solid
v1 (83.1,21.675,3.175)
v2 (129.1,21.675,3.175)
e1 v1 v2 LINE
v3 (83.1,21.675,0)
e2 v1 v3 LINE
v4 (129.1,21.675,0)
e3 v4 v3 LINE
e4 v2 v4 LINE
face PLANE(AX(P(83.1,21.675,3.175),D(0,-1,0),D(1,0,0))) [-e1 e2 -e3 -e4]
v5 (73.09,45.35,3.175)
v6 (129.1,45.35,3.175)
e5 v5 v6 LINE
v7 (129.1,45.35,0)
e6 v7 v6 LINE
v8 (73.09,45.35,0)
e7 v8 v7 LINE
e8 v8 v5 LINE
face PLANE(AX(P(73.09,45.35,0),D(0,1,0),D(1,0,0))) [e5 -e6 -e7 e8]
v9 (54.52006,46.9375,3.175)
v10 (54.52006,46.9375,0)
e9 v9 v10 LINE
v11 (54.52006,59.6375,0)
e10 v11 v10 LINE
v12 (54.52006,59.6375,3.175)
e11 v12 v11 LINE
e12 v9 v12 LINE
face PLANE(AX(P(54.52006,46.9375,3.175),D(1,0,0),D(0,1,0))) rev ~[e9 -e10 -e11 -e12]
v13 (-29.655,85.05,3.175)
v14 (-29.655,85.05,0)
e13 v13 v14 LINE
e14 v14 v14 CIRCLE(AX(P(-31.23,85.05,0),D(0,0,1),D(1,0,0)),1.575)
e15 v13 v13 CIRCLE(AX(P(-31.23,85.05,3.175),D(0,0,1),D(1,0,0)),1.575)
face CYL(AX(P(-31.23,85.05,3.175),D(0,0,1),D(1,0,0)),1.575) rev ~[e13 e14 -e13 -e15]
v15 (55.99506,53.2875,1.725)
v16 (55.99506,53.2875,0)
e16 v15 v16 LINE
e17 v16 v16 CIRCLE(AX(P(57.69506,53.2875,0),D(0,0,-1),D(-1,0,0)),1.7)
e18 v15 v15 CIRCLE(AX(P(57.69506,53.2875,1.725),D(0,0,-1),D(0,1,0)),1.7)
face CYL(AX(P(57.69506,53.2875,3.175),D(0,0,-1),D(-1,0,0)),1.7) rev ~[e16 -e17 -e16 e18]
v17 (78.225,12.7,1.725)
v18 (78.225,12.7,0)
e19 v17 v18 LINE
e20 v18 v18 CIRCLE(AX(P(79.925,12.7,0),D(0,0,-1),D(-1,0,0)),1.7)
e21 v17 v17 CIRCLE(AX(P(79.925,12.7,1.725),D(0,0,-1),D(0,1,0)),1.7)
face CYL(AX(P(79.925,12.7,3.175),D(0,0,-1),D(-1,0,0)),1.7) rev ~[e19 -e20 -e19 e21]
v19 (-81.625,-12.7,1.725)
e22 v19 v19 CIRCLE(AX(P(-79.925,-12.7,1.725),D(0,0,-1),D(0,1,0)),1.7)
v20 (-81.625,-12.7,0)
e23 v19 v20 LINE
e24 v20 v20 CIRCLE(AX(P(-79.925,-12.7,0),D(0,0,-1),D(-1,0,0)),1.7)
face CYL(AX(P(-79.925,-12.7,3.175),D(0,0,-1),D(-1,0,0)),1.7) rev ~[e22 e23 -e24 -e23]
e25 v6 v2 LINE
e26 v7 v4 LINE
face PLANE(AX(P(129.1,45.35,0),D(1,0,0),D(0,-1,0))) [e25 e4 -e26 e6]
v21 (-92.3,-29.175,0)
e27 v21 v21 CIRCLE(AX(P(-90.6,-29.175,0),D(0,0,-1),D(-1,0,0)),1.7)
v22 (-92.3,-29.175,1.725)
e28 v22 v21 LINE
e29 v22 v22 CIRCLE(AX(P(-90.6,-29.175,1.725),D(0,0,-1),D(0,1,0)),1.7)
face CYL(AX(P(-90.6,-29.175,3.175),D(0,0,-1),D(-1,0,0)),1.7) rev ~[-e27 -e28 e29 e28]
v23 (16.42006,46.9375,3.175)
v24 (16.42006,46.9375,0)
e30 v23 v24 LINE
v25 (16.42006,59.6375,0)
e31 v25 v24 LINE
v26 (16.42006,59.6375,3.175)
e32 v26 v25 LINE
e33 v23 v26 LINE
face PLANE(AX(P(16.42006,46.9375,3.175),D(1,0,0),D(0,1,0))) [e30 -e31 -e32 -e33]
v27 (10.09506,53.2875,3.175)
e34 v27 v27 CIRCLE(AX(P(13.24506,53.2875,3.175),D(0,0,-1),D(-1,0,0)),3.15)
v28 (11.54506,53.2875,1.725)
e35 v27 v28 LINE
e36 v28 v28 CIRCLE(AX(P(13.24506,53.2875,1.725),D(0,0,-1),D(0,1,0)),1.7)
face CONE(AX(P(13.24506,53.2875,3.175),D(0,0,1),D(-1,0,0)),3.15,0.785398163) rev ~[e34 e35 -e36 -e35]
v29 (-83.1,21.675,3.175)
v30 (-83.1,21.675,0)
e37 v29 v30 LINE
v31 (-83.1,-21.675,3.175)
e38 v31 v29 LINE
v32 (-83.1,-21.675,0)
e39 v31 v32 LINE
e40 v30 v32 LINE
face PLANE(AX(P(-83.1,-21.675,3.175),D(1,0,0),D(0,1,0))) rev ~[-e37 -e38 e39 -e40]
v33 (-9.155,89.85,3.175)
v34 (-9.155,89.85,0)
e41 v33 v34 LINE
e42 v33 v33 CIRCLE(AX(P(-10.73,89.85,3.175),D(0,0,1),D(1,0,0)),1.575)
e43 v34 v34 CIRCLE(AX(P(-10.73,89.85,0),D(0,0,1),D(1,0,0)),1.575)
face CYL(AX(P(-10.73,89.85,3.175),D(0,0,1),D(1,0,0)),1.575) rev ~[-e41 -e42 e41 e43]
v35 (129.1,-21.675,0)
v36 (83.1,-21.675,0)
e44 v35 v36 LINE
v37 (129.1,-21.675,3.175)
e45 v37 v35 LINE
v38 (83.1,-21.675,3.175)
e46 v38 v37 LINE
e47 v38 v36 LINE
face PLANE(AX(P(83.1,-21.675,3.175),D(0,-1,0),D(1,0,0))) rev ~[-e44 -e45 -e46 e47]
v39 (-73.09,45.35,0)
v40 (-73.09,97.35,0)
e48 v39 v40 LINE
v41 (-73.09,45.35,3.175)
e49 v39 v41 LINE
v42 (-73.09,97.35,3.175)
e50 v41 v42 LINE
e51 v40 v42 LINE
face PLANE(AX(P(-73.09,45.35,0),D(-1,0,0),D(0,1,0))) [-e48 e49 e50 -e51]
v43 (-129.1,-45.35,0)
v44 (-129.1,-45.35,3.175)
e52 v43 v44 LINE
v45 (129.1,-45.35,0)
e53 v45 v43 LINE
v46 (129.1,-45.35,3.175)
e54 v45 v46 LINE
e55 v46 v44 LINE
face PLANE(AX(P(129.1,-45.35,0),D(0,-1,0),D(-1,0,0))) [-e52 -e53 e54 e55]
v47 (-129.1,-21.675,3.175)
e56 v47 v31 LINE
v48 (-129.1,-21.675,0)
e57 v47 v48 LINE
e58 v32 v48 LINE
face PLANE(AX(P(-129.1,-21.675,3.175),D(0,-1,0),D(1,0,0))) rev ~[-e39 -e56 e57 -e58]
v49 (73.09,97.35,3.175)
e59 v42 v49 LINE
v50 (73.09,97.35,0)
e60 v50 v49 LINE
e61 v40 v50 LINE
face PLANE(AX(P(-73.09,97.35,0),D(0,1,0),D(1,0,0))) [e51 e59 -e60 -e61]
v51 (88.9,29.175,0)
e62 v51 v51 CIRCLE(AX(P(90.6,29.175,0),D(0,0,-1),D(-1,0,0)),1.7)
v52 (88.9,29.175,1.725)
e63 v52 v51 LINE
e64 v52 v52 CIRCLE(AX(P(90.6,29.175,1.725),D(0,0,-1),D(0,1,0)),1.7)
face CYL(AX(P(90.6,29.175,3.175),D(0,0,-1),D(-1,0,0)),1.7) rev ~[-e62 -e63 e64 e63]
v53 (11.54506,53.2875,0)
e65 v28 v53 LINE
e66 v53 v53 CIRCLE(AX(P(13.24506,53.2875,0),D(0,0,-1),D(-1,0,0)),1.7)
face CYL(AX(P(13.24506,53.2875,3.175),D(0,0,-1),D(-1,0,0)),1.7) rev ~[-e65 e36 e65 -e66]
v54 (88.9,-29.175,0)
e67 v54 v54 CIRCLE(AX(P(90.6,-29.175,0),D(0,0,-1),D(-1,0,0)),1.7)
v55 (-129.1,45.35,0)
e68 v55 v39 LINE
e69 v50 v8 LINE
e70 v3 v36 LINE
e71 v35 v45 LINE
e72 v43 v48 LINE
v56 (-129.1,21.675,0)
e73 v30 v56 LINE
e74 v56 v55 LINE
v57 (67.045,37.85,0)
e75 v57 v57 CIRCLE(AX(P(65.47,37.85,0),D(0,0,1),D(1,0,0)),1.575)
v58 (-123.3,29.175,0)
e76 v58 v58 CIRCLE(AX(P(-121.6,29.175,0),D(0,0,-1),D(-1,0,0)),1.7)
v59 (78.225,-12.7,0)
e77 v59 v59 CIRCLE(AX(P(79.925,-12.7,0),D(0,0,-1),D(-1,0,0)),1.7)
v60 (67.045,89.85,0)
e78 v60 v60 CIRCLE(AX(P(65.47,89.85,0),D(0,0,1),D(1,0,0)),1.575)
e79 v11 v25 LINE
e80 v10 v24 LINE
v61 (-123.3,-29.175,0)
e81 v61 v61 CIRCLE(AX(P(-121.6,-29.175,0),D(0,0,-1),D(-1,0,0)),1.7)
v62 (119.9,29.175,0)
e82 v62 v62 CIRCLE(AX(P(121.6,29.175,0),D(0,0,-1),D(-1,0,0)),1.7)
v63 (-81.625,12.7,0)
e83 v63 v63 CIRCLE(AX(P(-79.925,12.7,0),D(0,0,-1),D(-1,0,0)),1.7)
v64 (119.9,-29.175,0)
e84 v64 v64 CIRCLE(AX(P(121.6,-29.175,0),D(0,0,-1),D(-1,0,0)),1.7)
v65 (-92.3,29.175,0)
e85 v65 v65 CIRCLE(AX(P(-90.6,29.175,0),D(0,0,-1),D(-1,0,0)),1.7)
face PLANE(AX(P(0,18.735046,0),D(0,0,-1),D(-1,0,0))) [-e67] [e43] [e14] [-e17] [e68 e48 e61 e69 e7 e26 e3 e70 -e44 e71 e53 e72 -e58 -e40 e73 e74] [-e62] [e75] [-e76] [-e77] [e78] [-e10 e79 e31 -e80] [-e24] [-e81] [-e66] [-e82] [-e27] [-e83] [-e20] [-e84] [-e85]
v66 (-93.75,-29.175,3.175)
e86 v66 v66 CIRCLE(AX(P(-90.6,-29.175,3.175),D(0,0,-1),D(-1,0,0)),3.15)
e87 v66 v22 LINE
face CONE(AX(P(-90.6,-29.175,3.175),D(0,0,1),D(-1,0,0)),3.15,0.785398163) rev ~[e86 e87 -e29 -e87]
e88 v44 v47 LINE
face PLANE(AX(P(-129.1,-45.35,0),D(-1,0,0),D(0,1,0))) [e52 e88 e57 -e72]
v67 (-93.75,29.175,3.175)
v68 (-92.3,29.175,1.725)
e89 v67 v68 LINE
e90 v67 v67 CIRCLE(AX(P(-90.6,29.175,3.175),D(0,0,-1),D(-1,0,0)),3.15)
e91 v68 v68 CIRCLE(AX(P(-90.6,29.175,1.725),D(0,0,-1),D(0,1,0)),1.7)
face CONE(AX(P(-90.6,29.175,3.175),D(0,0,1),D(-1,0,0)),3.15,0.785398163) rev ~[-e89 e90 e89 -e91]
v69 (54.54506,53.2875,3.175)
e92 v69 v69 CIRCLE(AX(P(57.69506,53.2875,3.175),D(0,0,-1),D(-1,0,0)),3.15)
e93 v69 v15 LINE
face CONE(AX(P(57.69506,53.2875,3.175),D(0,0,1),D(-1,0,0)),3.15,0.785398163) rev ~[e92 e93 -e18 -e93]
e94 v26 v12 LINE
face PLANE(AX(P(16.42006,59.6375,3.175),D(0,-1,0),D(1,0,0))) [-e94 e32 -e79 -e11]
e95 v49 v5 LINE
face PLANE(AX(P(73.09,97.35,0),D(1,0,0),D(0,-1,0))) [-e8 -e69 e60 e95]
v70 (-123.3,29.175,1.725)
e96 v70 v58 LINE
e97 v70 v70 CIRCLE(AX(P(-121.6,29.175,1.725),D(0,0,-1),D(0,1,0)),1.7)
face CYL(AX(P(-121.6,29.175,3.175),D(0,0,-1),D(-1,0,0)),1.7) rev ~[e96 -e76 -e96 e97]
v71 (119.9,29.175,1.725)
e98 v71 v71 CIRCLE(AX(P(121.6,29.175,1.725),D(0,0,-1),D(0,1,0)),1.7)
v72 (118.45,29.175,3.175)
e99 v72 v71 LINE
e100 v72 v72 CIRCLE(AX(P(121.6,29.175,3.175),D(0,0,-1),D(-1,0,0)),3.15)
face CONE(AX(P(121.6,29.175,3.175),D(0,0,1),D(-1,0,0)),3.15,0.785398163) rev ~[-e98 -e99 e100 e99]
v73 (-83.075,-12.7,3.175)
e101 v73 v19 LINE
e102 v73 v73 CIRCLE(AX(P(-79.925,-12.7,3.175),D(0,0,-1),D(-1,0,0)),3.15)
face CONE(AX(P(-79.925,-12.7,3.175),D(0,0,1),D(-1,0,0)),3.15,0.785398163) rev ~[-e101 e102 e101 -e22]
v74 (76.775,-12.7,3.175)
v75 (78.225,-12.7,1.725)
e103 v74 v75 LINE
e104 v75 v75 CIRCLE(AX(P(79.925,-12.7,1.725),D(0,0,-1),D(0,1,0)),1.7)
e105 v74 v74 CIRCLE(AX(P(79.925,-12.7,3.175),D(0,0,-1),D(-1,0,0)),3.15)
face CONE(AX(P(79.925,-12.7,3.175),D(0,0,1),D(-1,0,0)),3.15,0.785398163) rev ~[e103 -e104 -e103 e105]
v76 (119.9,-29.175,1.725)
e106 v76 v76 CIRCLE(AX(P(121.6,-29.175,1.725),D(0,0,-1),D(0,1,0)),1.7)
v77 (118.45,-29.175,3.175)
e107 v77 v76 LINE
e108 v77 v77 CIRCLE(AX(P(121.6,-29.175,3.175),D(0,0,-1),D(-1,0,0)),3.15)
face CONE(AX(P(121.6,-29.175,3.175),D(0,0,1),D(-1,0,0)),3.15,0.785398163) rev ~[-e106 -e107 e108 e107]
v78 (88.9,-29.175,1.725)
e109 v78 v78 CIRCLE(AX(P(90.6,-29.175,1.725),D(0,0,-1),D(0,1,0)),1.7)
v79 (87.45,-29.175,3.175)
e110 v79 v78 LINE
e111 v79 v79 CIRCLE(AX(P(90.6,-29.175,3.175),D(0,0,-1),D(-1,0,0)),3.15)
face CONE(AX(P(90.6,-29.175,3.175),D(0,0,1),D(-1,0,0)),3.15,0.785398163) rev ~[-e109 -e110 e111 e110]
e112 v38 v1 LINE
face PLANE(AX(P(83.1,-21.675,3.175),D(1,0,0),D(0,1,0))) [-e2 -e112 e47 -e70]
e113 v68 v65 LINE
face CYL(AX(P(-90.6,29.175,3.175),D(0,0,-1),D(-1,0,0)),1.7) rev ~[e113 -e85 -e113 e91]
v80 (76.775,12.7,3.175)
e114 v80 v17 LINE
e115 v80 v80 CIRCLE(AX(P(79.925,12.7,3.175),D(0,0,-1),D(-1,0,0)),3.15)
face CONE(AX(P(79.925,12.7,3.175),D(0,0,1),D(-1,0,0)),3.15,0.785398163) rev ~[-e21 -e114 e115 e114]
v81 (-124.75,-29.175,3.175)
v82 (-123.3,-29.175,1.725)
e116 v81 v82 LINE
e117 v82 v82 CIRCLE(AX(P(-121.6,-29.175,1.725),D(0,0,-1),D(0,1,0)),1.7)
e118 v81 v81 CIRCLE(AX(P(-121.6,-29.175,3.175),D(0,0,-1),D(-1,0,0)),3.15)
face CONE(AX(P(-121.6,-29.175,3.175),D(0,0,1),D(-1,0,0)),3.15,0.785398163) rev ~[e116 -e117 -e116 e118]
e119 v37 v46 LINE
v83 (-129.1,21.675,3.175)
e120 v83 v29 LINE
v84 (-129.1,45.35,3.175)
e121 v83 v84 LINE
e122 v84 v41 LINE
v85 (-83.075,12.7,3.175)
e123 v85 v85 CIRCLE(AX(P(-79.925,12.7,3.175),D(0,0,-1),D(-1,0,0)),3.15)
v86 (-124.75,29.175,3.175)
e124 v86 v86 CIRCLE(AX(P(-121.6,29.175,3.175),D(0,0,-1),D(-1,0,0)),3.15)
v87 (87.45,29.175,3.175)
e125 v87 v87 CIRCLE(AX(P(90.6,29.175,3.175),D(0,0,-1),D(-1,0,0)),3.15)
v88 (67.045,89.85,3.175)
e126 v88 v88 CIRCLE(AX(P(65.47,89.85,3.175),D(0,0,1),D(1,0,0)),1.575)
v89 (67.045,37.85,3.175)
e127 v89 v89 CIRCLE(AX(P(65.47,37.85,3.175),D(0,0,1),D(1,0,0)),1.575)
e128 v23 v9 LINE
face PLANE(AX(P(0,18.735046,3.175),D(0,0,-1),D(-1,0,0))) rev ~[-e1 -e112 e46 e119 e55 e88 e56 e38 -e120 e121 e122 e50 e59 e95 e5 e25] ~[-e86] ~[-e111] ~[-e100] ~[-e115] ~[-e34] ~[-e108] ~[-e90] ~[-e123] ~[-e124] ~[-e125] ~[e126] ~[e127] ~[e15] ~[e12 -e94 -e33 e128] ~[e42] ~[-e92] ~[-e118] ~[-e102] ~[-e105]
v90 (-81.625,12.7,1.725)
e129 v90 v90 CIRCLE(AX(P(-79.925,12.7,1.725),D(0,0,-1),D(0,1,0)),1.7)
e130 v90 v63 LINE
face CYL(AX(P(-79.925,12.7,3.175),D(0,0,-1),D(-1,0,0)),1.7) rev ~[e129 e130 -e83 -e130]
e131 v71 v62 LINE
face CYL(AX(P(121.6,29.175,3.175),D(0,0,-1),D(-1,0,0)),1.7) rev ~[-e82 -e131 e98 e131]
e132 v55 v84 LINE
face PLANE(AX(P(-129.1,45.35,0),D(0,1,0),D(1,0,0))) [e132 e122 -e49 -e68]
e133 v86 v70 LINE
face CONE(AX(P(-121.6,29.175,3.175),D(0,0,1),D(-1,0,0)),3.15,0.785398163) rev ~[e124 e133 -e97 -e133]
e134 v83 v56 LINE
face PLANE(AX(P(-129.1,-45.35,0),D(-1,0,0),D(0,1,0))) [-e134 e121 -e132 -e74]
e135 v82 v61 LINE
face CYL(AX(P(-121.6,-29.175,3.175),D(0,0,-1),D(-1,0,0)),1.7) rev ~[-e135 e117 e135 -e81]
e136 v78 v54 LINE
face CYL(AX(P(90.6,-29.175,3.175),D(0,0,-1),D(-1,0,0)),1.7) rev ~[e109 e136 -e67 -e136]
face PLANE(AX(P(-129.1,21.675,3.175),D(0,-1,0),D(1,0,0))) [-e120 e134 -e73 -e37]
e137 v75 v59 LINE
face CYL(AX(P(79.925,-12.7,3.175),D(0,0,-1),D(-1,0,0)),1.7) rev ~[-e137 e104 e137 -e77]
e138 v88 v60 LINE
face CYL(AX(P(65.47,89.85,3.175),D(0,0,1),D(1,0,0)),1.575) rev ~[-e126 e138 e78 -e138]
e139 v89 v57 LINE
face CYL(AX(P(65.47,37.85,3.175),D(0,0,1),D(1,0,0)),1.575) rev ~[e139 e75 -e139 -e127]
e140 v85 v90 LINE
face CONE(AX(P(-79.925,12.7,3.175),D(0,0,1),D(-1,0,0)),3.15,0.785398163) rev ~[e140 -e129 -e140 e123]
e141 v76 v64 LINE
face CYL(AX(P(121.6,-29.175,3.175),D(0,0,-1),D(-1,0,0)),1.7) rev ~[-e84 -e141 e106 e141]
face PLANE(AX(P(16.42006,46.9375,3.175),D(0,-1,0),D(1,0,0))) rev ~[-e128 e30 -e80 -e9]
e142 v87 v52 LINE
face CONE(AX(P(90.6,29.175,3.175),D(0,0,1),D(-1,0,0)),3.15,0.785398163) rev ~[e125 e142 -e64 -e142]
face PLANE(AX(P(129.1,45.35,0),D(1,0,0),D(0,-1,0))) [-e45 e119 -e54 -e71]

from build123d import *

# Parameters (mm, degrees)
PROFILE_EXTRUDE_DEPTH                           = 3.175
CSK_FOR_M3_FLAT_HEAD_MACHINE_SCREW1_D           = 3.4
CSK_FOR_M3_FLAT_HEAD_MACHINE_SCREW1_CSINK_D     = 6.3
CSK_FOR_M3_FLAT_HEAD_MACHINE_SCREW1_CSINK_ANGLE = 90
FILM_FEEDER_CLEARANCE_SKETCH_W                  = 46
FILM_FEEDER_CLEARANCE_SKETCH_H                  = 43.35
FILM_FEEDER_CLEARANCE_CUT_DEPTH                 = 4.175
GANTRY_MOUNTING_HOLE_SKETCH_R                   = 1.575
GANTRY_MOUNTING_HOLE_CUT_DEPTH                  = 4.175
ERASER_MOUNTING_HOLE_SKETCH_R                   = 1.575
ERASER_MOUNTING_HOLE_CUT_DEPTH                  = 4.175
FILM_FRICTION_GUIDE_MOUNTING_HOLES_D            = 3.4
FILM_FRICTION_GUIDE_MOUNTING_HOLES_CSINK_D      = 6.3
FILM_FRICTION_GUIDE_MOUNTING_HOLES_CSINK_ANGLE  = 90
BELT_PASSAGEWAY_SKETCH_W                        = 38.1
BELT_PASSAGEWAY_SKETCH_H                        = 12.7
BELT_PASSAGEWAY_CUT_DEPTH                       = 4.175
CSK_FOR_M3_FLAT_HEAD_MACHINE_SCREW3_D           = 3.4
CSK_FOR_M3_FLAT_HEAD_MACHINE_SCREW3_CSINK_D     = 6.3
CSK_FOR_M3_FLAT_HEAD_MACHINE_SCREW3_CSINK_ANGLE = 90


with BuildPart() as part:
    # Profile Sketch → Profile Extrude (new body)
    with BuildSketch(Plane.XY):
        Polygon((73.090000006, 45.35), (129.1, 45.35), (129.1, -45.35), (-129.1, -45.35), (-129.1, 45.35), (-73.090000006, 45.35), (-73.090000006, 97.350000154), (73.090000006, 97.350000154), align=None)
    extrude(amount=PROFILE_EXTRUDE_DEPTH)

    # CSK for M3 Flat Head Machine Screw1 (through all)
    with Locations(Plane(origin=(-121.6, 29.175, 3.175), x_dir=(1, 0, 0), z_dir=(0, 0, 1))):
        with Locations((0, 0), (31, 0), (31, -58.35), (0, -58.35), (212.2, 0), (243.2, 0), (243.2, -58.35), (212.2, -58.35)):
            CounterSinkHole(CSK_FOR_M3_FLAT_HEAD_MACHINE_SCREW1_D / 2, CSK_FOR_M3_FLAT_HEAD_MACHINE_SCREW1_CSINK_D / 2, counter_sink_angle=CSK_FOR_M3_FLAT_HEAD_MACHINE_SCREW1_CSINK_ANGLE)

    # Film Feeder Clearance Sketch → Film Feeder Clearance Cut (cut, through all)
    with BuildSketch(Plane.XY.offset(3.175)):
        with Locations((-106.1, 0)):
            Rectangle(FILM_FEEDER_CLEARANCE_SKETCH_W, FILM_FEEDER_CLEARANCE_SKETCH_H)
        with Locations((106.1, 0)):
            Rectangle(FILM_FEEDER_CLEARANCE_SKETCH_W, FILM_FEEDER_CLEARANCE_SKETCH_H)
    extrude(amount=-FILM_FEEDER_CLEARANCE_CUT_DEPTH, mode=Mode.SUBTRACT)

    # Gantry Mounting Hole Sketch → Gantry Mounting Hole Cut (cut, through all)
    with BuildSketch(Plane.XY.offset(3.175)):
        with Locations((-10.729999994, 89.850000154)):
            Circle(GANTRY_MOUNTING_HOLE_SKETCH_R)
        with Locations((65.470000006, 89.850000154)):
            Circle(GANTRY_MOUNTING_HOLE_SKETCH_R)
        with Locations((65.470000006, 37.850000254)):
            Circle(GANTRY_MOUNTING_HOLE_SKETCH_R)
    extrude(amount=-GANTRY_MOUNTING_HOLE_CUT_DEPTH, mode=Mode.SUBTRACT)

    # Eraser Mounting Hole Sketch → Eraser Mounting Hole Cut (cut, through all)
    with BuildSketch(Plane.XY.offset(3.175)):
        with Locations((-31.230000142, 85.0500001)):
            Circle(ERASER_MOUNTING_HOLE_SKETCH_R)
    extrude(amount=-ERASER_MOUNTING_HOLE_CUT_DEPTH, mode=Mode.SUBTRACT)

    # Film Friction Guide Mounting Holes (through all)
    with Locations(Plane(origin=(-79.925, 12.7, 3.175), x_dir=(1, 0, 0), z_dir=(0, 0, 1))):
        with Locations((0, 0), (0, -25.4), (159.85, 0), (159.85, -25.4)):
            CounterSinkHole(FILM_FRICTION_GUIDE_MOUNTING_HOLES_D / 2, FILM_FRICTION_GUIDE_MOUNTING_HOLES_CSINK_D / 2, counter_sink_angle=FILM_FRICTION_GUIDE_MOUNTING_HOLES_CSINK_ANGLE)

    # Belt Passageway Sketch → Belt Passageway Cut (cut, through all)
    with BuildSketch(Plane.XY.offset(3.175)):
        with Locations((35.470060006, 53.2875)):
            Rectangle(BELT_PASSAGEWAY_SKETCH_W, BELT_PASSAGEWAY_SKETCH_H)
    extrude(amount=-BELT_PASSAGEWAY_CUT_DEPTH, mode=Mode.SUBTRACT)

    # CSK for M3 Flat Head Machine Screw3 (through all)
    with Locations(Plane(origin=(13.245060006, 53.2875, 3.175), x_dir=(1, 0, 0), z_dir=(0, 0, 1))):
        with Locations((0, 0), (44.45, 0)):
            CounterSinkHole(CSK_FOR_M3_FLAT_HEAD_MACHINE_SCREW3_D / 2, CSK_FOR_M3_FLAT_HEAD_MACHINE_SCREW3_CSINK_D / 2, counter_sink_angle=CSK_FOR_M3_FLAT_HEAD_MACHINE_SCREW3_CSINK_ANGLE)


solid = part.part
